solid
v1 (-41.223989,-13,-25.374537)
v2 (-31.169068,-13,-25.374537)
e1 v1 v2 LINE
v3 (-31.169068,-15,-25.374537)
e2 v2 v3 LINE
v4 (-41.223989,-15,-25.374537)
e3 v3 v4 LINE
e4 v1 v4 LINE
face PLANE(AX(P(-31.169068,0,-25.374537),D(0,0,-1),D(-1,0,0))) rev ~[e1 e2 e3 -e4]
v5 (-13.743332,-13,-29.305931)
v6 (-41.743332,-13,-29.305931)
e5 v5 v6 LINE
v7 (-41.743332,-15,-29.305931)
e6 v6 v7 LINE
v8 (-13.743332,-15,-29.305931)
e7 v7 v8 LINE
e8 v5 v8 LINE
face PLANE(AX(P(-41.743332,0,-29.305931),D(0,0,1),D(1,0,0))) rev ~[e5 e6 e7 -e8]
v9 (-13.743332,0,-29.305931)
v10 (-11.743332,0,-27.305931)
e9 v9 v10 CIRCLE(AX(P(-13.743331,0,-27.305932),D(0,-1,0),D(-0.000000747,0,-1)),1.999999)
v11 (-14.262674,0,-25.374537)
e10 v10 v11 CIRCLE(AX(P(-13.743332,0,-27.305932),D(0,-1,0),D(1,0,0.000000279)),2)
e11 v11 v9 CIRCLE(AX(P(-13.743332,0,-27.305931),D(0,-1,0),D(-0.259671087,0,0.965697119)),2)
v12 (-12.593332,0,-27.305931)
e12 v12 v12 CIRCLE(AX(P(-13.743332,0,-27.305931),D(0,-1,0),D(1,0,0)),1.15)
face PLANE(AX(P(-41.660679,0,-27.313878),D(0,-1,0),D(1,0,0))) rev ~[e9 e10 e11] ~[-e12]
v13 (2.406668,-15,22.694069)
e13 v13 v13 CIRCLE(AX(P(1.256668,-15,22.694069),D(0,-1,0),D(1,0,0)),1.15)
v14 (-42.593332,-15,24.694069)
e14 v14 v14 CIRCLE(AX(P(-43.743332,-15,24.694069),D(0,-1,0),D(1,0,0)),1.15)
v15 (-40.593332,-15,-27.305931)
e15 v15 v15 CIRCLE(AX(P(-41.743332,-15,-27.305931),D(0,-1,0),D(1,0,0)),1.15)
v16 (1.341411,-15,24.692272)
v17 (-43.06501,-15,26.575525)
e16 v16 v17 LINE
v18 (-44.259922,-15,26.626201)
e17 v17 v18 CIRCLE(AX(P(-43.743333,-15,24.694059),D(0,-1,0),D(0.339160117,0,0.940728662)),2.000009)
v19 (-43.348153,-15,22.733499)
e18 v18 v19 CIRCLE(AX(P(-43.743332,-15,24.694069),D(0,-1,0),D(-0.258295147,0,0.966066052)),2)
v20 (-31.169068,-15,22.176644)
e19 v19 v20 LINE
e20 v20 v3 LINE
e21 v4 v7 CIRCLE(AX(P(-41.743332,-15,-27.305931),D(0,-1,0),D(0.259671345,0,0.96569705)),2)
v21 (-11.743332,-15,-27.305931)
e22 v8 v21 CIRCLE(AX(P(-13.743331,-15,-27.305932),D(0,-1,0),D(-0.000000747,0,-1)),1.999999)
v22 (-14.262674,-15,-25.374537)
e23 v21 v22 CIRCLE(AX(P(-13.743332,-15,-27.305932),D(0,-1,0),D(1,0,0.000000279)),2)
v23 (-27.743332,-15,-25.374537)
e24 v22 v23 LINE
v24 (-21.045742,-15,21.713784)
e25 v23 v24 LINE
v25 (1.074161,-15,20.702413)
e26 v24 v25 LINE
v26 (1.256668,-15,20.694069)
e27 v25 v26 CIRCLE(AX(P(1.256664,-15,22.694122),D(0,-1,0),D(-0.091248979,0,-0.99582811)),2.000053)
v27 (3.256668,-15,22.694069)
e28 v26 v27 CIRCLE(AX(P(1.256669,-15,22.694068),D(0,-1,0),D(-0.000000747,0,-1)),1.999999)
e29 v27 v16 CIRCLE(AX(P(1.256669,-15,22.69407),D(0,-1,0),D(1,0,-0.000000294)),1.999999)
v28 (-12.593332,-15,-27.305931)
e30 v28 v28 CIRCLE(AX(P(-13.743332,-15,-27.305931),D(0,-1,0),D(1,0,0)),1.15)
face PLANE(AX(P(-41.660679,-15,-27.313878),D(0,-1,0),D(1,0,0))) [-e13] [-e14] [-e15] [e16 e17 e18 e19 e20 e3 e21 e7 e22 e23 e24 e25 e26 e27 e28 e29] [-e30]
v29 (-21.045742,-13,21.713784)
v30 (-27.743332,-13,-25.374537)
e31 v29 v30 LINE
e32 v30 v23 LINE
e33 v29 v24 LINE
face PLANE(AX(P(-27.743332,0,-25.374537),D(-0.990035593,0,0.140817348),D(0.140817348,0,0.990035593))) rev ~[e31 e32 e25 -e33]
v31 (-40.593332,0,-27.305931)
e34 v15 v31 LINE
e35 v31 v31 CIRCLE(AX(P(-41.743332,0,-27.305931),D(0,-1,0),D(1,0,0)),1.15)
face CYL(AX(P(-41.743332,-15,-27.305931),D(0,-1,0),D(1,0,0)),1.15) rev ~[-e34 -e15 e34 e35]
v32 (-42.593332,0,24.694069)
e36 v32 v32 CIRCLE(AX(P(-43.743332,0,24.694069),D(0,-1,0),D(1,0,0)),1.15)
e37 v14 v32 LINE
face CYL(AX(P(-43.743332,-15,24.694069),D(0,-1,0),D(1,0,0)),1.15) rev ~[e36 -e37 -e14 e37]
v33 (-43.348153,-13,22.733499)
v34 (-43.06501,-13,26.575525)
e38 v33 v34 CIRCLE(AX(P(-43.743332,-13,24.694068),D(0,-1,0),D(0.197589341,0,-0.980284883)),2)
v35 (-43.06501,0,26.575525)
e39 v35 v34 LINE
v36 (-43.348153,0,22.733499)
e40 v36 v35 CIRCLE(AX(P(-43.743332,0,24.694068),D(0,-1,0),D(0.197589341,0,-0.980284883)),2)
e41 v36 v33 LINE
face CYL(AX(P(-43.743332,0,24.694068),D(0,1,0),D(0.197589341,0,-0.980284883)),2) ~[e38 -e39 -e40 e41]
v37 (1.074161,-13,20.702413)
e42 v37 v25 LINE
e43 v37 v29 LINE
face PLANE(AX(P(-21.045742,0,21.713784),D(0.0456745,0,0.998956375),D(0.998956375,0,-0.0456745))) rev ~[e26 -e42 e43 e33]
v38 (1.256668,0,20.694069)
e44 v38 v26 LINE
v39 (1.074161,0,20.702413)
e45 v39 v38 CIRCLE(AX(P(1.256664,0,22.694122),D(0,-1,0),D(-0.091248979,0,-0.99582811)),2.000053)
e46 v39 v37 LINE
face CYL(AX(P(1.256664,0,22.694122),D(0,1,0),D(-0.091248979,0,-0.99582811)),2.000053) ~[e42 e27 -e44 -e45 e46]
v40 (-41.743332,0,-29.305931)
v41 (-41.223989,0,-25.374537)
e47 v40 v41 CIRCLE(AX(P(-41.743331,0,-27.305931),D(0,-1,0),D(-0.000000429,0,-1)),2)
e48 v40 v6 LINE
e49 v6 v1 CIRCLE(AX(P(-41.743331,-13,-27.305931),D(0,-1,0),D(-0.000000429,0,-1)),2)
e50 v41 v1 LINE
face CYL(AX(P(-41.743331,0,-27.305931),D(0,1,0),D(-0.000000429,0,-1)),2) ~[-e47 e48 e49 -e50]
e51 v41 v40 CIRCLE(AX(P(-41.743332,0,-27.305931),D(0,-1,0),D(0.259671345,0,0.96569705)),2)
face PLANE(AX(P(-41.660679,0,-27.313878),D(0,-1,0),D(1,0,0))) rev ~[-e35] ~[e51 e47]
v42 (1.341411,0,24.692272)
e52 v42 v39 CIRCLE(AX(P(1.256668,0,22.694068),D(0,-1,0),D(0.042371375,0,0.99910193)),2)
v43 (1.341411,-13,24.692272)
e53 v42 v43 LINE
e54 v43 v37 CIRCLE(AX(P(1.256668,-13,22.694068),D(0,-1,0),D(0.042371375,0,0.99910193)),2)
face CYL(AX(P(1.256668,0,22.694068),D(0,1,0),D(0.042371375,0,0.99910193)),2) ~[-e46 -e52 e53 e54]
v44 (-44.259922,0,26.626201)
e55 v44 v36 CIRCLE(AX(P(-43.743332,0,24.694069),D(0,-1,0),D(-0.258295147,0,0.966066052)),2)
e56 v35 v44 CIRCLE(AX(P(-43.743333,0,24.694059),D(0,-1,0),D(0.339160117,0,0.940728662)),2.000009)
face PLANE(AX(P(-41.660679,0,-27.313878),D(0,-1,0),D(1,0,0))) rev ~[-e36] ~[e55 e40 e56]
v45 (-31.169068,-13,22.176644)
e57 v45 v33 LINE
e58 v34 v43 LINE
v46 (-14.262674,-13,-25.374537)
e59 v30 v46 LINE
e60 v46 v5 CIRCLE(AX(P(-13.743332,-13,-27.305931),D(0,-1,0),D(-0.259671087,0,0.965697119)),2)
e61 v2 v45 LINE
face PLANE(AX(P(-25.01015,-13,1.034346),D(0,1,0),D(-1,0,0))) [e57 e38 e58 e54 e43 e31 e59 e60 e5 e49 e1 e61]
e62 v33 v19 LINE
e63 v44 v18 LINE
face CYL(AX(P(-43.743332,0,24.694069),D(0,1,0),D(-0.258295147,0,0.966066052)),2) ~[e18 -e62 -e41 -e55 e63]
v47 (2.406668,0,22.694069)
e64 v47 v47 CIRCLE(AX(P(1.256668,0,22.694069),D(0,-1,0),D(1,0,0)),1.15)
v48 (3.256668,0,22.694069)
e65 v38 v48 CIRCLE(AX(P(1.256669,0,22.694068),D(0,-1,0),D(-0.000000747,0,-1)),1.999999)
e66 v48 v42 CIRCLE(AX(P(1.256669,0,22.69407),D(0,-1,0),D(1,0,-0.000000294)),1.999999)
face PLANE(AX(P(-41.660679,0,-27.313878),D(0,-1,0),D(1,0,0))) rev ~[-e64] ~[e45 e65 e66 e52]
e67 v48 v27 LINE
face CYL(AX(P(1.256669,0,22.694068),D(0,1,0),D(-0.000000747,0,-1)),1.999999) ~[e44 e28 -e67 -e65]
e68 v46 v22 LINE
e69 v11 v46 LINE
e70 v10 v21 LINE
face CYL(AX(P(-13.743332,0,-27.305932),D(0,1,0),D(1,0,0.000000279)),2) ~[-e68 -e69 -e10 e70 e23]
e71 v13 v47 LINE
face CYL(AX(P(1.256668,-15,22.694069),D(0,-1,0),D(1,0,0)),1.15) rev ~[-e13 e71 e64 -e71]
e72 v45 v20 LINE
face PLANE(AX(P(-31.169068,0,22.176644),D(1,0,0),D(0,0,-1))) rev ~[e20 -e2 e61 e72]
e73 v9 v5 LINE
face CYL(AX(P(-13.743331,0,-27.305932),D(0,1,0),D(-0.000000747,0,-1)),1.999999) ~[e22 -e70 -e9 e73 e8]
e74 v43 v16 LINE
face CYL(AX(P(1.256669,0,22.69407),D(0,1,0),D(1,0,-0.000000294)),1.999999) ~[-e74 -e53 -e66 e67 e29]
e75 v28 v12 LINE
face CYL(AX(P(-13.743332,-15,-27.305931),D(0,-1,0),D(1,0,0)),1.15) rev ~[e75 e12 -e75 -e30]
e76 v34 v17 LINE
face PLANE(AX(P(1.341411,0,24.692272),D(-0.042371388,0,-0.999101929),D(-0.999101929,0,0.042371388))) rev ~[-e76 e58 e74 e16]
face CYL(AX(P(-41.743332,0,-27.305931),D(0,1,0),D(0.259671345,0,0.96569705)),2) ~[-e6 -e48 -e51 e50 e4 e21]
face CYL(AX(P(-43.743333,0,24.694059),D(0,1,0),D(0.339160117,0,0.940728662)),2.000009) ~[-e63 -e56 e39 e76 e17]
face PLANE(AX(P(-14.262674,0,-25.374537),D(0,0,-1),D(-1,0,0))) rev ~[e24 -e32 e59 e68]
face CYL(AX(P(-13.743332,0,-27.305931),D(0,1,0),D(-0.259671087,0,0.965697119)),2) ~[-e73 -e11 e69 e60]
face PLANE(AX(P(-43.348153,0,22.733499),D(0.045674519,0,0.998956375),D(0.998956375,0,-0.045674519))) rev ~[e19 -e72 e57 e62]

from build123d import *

# Parameters (mm, degrees)
F1_DEPTH = 15
F3_DEPTH = 13
F4_R     = 1.15
F5_DEPTH = 25


with BuildPart() as f1:
    # F0 (on Front) → F1 (new body)
    with BuildSketch(Plane.XZ):
        with BuildLine():
            ThreePointArc((-41.743332, -29.305931), (-40.329118, -28.720145), (-39.743332, -27.305931))
            ThreePointArc((-39.743332, -27.305931), (-40.156088, -26.089109), (-41.223989, -25.374537))
            ThreePointArc((-41.223989, -25.374537), (-43.726106, -27.044004), (-41.743332, -29.305931))
        make_face()
        with BuildLine():
            ThreePointArc((-41.223989, -25.374537), (-40.156088, -26.089109), (-39.743332, -27.305931))
            ThreePointArc((-39.743332, -27.305931), (-40.329118, -28.720145), (-41.743332, -29.305931))
            Line((-41.743332, -29.305931), (-13.743332, -29.305931))
            ThreePointArc((-13.743332, -29.305931), (-15.726106, -27.567859), (-14.262674, -25.374537))
            Line((-14.262674, -25.374537), (-27.743332, -25.374537))
            Line((-27.743332, -25.374537), (-31.169068, -25.374537))
            Line((-31.169068, -25.374537), (-41.223989, -25.374537))
        make_face()
        Polygon((-31.169068, 22.176644), (-31.169068, -25.374537), (-27.743332, -25.374537), (-21.045742, 21.713784), align=None)
        with BuildLine():
            ThreePointArc((-14.262674, -25.374537), (-15.726106, -27.567859), (-13.743332, -29.305931))
            ThreePointArc((-13.743332, -29.305931), (-12.329118, -28.720145), (-11.743332, -27.305931))
            ThreePointArc((-11.743332, -27.305931), (-12.526509, -25.718688), (-14.262674, -25.374537))
        make_face()
        with BuildLine():
            Line((-43.348153, 22.733499), (-31.169068, 22.176644))
            Line((-31.169068, 22.176644), (-21.045742, 21.713784))
            Line((-21.045742, 21.713784), (1.074161, 20.702413))
            ThreePointArc((1.074161, 20.702413), (-0.73886, 22.827734), (1.341411, 24.692272))
            Line((1.341411, 24.692272), (-43.06501, 26.575525))
            ThreePointArc((-43.06501, 26.575525), (-42.106774, 25.843711), (-41.743332, 24.694069))
            ThreePointArc((-41.743332, 24.694069), (-42.195695, 23.427253), (-43.348153, 22.733499))
        make_face()
        with BuildLine():
            ThreePointArc((-44.259922, 26.626201), (-45.690629, 24.237962), (-43.348153, 22.733499))
            ThreePointArc((-43.348153, 22.733499), (-42.195695, 23.427253), (-41.743332, 24.694069))
            ThreePointArc((-41.743332, 24.694069), (-42.106774, 25.843711), (-43.06501, 26.575525))
            Line((-43.06501, 26.575525), (-44.259922, 26.626201))
        make_face()
        with BuildLine():
            Line((1.256668, 20.694069), (1.074161, 20.702413))
            ThreePointArc((1.074161, 20.702413), (1.165319, 20.696156), (1.256668, 20.694069))
        make_face()
        with BuildLine():
            ThreePointArc((1.341411, 24.692272), (-0.73886, 22.827734), (1.074161, 20.702413))
            Line((1.074161, 20.702413), (1.256668, 20.694069))
            ThreePointArc((1.256668, 20.694069), (2.670882, 21.279855), (3.256668, 22.694069))
            ThreePointArc((3.256668, 22.694069), (2.700532, 24.077997), (1.341411, 24.692272))
        make_face()
        with BuildLine():
            ThreePointArc((-43.06501, 26.575525), (-43.658589, 26.692272), (-44.259922, 26.626201))
            Line((-44.259922, 26.626201), (-43.06501, 26.575525))
        make_face()
    extrude(amount=F1_DEPTH)

    # F2 (on face) → F3 (cut)
    with BuildSketch(Plane(origin=(0, 0, 0), x_dir=(-1, 0, 0), z_dir=(0, 1, 0))):
        with BuildLine():
            ThreePointArc((14.262674, -25.374537), (15.726106, -27.567859), (13.743332, -29.305931))
            Line((13.743332, -29.305931), (41.743332, -29.305931))
            ThreePointArc((41.743332, -29.305931), (39.760557, -27.567859), (41.223989, -25.374537))
            Line((41.223989, -25.374537), (31.169068, -25.374537))
            Line((31.169068, -25.374537), (31.169068, 22.176644))
            Line((31.169068, 22.176644), (43.348153, 22.733499))
            ThreePointArc((43.348153, 22.733499), (41.748741, 24.547075), (43.06501, 26.575525))
            Line((43.06501, 26.575525), (-1.341411, 24.692272))
            ThreePointArc((-1.341411, 24.692272), (0.73886, 22.827734), (-1.074161, 20.702413))
            Line((-1.074161, 20.702413), (21.045742, 21.713784))
            Line((21.045742, 21.713784), (27.743332, -25.374537))
            Line((27.743332, -25.374537), (14.262674, -25.374537))
        make_face()
    extrude(amount=-F3_DEPTH, mode=Mode.SUBTRACT)

    # F4 (on face) → F5 (cut)
    with BuildSketch(Plane.XZ.offset(15)):
        with Locations((-13.743332, -27.305931)):
            Circle(F4_R)
        with Locations((-41.743332, -27.305931)):
            Circle(F4_R)
        with Locations((1.256668, 22.694069)):
            Circle(F4_R)
        with Locations((-43.743332, 24.694069)):
            Circle(F4_R)
    extrude(amount=-F5_DEPTH, mode=Mode.SUBTRACT)


solid = f1.part
